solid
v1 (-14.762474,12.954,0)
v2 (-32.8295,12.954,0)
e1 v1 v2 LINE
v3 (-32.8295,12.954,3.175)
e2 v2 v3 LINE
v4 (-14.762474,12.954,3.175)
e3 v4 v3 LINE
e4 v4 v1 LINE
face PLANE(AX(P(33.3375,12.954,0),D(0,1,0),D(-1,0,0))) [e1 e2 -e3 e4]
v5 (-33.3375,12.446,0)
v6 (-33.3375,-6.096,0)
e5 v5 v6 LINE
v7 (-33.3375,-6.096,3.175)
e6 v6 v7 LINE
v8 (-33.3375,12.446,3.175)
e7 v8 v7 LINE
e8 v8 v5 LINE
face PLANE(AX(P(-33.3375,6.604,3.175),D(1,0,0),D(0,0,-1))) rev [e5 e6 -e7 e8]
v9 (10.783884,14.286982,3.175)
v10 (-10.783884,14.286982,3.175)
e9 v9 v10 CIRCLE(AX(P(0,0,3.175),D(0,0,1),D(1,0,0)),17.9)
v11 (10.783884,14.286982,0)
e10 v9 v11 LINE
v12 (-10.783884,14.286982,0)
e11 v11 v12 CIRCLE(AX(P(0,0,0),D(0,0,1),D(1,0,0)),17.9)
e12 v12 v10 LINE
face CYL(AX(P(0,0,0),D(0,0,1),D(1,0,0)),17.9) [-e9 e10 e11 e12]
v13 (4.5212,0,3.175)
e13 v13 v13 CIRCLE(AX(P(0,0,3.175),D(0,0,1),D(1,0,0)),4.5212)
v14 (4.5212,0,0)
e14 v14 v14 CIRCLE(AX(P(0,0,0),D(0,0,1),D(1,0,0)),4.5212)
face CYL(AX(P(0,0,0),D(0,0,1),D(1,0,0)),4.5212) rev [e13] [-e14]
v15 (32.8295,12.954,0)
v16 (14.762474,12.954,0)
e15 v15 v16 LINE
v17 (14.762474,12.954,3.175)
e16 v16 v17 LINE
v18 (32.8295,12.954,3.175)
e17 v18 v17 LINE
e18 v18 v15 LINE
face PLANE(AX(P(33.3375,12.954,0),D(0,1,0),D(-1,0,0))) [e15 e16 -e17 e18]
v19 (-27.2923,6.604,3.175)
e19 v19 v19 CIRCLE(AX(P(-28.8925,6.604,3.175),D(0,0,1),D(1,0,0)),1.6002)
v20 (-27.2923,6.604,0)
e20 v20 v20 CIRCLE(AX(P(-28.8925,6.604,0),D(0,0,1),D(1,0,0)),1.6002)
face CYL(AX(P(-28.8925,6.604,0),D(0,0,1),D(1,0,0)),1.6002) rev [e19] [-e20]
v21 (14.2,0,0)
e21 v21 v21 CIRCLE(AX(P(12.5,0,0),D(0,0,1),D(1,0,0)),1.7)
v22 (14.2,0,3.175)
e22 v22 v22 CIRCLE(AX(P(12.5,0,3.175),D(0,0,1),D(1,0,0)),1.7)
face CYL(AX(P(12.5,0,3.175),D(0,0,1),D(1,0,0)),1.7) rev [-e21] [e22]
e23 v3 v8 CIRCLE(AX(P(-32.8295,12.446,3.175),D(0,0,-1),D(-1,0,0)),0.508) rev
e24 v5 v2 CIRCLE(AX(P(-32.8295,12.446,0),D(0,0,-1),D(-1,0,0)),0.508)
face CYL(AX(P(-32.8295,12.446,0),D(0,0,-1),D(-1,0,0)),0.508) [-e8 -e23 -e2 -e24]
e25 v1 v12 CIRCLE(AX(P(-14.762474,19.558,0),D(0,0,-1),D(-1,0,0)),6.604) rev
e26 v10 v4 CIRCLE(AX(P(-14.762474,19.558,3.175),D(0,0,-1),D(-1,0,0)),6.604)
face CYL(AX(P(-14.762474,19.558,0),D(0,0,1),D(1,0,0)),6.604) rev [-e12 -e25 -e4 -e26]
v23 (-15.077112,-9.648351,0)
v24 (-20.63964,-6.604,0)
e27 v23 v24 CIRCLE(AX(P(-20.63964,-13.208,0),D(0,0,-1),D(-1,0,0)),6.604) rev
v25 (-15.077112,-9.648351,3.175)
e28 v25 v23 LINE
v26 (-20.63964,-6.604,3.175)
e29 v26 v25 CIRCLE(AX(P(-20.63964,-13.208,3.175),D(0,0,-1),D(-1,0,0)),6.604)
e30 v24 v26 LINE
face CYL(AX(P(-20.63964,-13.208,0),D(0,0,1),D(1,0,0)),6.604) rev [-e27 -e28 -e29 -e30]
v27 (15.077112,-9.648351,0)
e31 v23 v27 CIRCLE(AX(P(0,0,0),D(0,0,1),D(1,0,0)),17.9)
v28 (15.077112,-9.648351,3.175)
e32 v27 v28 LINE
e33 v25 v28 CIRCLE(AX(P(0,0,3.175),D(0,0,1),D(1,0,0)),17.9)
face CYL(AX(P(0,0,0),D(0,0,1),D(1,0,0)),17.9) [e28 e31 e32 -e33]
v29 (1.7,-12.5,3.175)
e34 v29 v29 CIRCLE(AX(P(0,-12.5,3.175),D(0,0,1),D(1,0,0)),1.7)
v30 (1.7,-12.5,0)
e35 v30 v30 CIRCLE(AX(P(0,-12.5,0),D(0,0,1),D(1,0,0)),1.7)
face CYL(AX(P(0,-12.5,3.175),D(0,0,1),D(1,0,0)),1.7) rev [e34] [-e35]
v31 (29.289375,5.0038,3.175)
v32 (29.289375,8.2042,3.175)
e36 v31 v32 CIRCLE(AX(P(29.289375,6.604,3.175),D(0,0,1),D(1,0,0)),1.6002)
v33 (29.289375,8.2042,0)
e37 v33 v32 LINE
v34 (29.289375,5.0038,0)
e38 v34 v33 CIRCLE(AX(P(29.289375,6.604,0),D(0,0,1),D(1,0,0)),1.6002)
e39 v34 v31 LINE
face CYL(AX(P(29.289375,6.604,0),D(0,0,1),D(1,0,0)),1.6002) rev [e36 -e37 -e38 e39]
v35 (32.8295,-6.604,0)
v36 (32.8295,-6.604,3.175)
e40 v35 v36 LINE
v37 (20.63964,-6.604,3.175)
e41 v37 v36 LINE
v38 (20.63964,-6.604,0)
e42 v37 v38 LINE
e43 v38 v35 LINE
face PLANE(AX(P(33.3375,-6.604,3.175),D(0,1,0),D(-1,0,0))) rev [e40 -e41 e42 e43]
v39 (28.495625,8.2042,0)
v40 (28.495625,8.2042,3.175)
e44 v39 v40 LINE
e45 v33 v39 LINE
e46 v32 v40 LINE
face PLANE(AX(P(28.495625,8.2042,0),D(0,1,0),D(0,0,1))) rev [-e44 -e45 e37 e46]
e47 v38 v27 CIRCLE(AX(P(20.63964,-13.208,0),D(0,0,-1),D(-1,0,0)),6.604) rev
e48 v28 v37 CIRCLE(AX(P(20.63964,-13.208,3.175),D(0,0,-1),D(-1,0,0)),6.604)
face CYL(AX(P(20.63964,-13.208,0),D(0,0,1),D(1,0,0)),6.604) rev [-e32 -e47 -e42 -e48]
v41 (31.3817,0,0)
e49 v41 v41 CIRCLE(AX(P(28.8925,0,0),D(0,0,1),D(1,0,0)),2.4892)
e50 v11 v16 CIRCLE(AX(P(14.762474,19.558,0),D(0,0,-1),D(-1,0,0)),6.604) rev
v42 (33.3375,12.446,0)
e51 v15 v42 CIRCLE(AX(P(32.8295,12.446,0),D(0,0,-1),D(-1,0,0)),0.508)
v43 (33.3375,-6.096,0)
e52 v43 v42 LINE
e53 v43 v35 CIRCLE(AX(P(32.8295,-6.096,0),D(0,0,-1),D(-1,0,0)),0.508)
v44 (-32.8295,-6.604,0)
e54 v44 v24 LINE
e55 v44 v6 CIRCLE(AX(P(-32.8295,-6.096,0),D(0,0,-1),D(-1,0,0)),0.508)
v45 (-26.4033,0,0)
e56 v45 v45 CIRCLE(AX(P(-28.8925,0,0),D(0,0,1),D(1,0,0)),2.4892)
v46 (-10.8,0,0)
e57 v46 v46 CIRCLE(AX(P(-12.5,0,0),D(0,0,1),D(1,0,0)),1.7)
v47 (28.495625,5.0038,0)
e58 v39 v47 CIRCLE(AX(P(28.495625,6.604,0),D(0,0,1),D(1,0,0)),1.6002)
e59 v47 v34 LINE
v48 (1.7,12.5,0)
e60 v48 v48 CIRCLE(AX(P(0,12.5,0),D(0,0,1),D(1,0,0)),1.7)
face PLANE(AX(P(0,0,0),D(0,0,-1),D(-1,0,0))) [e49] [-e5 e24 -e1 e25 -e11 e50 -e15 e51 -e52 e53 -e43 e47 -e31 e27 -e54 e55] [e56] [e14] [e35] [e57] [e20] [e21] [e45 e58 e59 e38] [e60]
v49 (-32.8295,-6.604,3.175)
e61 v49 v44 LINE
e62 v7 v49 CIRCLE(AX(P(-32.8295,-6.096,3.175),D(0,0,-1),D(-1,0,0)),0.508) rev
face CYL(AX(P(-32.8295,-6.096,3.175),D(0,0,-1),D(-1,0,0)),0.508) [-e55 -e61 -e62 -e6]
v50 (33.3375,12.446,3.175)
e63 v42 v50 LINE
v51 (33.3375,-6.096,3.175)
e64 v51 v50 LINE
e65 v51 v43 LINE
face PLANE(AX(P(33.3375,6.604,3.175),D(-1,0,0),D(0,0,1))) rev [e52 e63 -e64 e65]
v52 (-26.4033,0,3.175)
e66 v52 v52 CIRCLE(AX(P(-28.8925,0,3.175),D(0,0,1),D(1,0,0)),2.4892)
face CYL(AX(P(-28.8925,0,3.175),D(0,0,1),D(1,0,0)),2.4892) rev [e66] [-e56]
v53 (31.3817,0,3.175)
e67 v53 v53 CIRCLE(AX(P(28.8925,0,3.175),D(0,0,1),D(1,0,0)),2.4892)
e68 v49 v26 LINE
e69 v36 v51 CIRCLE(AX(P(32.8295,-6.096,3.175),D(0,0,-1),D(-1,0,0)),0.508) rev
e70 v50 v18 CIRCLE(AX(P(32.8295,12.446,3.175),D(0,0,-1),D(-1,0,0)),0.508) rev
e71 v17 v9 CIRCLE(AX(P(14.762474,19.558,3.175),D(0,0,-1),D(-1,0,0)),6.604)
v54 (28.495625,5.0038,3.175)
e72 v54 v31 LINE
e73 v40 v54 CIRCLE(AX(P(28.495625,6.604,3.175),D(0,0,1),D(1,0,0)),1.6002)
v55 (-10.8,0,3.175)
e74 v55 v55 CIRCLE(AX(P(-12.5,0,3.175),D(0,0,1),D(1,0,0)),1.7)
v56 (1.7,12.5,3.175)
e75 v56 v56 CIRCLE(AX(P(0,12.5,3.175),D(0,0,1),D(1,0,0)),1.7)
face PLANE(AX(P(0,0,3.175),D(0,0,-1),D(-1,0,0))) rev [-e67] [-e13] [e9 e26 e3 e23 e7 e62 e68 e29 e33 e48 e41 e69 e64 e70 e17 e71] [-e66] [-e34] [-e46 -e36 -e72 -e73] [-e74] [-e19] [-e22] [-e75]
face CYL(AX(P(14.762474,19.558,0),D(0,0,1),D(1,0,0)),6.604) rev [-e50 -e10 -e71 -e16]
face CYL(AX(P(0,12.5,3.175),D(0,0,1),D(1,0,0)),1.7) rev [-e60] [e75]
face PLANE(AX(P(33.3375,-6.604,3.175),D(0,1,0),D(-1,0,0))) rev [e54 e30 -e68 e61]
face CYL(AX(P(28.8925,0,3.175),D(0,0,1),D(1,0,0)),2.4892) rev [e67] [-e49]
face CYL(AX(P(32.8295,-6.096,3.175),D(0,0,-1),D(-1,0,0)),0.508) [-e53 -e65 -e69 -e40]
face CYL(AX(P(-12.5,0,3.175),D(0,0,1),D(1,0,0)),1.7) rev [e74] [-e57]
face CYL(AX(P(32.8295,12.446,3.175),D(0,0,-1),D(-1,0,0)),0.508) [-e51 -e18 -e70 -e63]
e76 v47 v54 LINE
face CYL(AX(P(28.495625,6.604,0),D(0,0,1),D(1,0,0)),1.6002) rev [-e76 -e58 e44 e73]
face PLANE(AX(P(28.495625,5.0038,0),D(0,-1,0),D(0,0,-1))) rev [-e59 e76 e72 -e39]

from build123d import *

# Parameters (mm, degrees)
SKETCH1_W              = 66.675
SKETCH1_H              = 13.208
BOSS_EXTRUDE1_DEPTH    = 3.175
SKETCH2_R              = 17.9
BOSS_EXTRUDE2_DEPTH    = 3.175
SKETCH8_W              = 66.675
SKETCH8_H              = 6.35
BOSS_EXTRUDE3_DEPTH    = 3.175
FILLET1_R              = 6.604
FILLET2_R              = 0.508
F_10_CLEARANCE_HOLE1_D = 4.9784
SKETCH5_R              = 4.5212
CUT_EXTRUDE1_DEPTH     = 38.972088845
M3_CLEARANCE_HOLE1_D   = 3.4
SKETCH9_R              = 1.6002
CUT_EXTRUDE2_DEPTH     = 38.972088845


with BuildPart() as part:
    # Sketch1 → Boss-Extrude1 (new body)
    with BuildSketch(Plane.XY):
        Rectangle(SKETCH1_W, SKETCH1_H)
    extrude(amount=BOSS_EXTRUDE1_DEPTH)

    # Sketch2 → Boss-Extrude2 (add, through all)
    with BuildSketch(Plane.XY.offset(3.175)):
        Circle(SKETCH2_R)
    extrude(amount=-BOSS_EXTRUDE2_DEPTH)

    # Sketch8 → Boss-Extrude3 (add, through all)
    with BuildSketch(Plane.XY.offset(3.175)):
        with Locations((0, 9.779)):
            Rectangle(SKETCH8_W, SKETCH8_H)
    extrude(amount=-BOSS_EXTRUDE3_DEPTH)

    # Fillet1
    fillet1_edges = [part.edges().sort_by_distance(p)[0] for p in [
        (-16.637222845, -6.604, 1.5875),
        (16.637222845, -6.604, 1.5875),
        (12.353294459, 12.954, 1.5875),
        (-12.353294459, 12.954, 1.5875),
    ]]
    fillet(fillet1_edges, radius=FILLET1_R)

    # Fillet2
    fillet2_edges = [part.edges().sort_by_distance(p)[0] for p in [
        (-33.3375, 12.954, 1.5875),
        (33.3375, 12.954, 1.5875),
        (33.3375, -6.604, 1.5875),
        (-33.3375, -6.604, 1.5875),
    ]]
    fillet(fillet2_edges, radius=FILLET2_R)

    # #10 Clearance Hole1 (through all)
    with Locations(Plane.XY.offset(3.175)):
        with Locations((28.8925, 0), (-28.8925, 0)):
            Hole(F_10_CLEARANCE_HOLE1_D / 2)

    # Sketch5 → Cut-Extrude1 (cut, through all)
    with BuildSketch(Plane.XY.offset(3.175)):
        Circle(SKETCH5_R)
    extrude(amount=-CUT_EXTRUDE1_DEPTH, mode=Mode.SUBTRACT)

    # M3 Clearance Hole1 (through all)
    with Locations(Plane.XY.offset(3.175)):
        with Locations((0, 12.5), (-12.5, 0), (0, -12.5), (12.5, 0)):
            Hole(M3_CLEARANCE_HOLE1_D / 2)

    # Sketch9 → Cut-Extrude2 (cut, through all)
    with BuildSketch(Plane.XY.offset(3.175)):
        with Locations((-28.8925, 6.604)):
            Circle(SKETCH9_R)
        with BuildLine():
            Line((28.495625, 8.2042), (29.289375, 8.2042))
            ThreePointArc((29.289375, 8.2042), (30.889575, 6.604), (29.289375, 5.0038))
            Line((29.289375, 5.0038), (28.495625, 5.0038))
            ThreePointArc((28.495625, 5.0038), (26.895425, 6.604), (28.495625, 8.2042))
        make_face()
    extrude(amount=-CUT_EXTRUDE2_DEPTH, mode=Mode.SUBTRACT)


solid = part.part
